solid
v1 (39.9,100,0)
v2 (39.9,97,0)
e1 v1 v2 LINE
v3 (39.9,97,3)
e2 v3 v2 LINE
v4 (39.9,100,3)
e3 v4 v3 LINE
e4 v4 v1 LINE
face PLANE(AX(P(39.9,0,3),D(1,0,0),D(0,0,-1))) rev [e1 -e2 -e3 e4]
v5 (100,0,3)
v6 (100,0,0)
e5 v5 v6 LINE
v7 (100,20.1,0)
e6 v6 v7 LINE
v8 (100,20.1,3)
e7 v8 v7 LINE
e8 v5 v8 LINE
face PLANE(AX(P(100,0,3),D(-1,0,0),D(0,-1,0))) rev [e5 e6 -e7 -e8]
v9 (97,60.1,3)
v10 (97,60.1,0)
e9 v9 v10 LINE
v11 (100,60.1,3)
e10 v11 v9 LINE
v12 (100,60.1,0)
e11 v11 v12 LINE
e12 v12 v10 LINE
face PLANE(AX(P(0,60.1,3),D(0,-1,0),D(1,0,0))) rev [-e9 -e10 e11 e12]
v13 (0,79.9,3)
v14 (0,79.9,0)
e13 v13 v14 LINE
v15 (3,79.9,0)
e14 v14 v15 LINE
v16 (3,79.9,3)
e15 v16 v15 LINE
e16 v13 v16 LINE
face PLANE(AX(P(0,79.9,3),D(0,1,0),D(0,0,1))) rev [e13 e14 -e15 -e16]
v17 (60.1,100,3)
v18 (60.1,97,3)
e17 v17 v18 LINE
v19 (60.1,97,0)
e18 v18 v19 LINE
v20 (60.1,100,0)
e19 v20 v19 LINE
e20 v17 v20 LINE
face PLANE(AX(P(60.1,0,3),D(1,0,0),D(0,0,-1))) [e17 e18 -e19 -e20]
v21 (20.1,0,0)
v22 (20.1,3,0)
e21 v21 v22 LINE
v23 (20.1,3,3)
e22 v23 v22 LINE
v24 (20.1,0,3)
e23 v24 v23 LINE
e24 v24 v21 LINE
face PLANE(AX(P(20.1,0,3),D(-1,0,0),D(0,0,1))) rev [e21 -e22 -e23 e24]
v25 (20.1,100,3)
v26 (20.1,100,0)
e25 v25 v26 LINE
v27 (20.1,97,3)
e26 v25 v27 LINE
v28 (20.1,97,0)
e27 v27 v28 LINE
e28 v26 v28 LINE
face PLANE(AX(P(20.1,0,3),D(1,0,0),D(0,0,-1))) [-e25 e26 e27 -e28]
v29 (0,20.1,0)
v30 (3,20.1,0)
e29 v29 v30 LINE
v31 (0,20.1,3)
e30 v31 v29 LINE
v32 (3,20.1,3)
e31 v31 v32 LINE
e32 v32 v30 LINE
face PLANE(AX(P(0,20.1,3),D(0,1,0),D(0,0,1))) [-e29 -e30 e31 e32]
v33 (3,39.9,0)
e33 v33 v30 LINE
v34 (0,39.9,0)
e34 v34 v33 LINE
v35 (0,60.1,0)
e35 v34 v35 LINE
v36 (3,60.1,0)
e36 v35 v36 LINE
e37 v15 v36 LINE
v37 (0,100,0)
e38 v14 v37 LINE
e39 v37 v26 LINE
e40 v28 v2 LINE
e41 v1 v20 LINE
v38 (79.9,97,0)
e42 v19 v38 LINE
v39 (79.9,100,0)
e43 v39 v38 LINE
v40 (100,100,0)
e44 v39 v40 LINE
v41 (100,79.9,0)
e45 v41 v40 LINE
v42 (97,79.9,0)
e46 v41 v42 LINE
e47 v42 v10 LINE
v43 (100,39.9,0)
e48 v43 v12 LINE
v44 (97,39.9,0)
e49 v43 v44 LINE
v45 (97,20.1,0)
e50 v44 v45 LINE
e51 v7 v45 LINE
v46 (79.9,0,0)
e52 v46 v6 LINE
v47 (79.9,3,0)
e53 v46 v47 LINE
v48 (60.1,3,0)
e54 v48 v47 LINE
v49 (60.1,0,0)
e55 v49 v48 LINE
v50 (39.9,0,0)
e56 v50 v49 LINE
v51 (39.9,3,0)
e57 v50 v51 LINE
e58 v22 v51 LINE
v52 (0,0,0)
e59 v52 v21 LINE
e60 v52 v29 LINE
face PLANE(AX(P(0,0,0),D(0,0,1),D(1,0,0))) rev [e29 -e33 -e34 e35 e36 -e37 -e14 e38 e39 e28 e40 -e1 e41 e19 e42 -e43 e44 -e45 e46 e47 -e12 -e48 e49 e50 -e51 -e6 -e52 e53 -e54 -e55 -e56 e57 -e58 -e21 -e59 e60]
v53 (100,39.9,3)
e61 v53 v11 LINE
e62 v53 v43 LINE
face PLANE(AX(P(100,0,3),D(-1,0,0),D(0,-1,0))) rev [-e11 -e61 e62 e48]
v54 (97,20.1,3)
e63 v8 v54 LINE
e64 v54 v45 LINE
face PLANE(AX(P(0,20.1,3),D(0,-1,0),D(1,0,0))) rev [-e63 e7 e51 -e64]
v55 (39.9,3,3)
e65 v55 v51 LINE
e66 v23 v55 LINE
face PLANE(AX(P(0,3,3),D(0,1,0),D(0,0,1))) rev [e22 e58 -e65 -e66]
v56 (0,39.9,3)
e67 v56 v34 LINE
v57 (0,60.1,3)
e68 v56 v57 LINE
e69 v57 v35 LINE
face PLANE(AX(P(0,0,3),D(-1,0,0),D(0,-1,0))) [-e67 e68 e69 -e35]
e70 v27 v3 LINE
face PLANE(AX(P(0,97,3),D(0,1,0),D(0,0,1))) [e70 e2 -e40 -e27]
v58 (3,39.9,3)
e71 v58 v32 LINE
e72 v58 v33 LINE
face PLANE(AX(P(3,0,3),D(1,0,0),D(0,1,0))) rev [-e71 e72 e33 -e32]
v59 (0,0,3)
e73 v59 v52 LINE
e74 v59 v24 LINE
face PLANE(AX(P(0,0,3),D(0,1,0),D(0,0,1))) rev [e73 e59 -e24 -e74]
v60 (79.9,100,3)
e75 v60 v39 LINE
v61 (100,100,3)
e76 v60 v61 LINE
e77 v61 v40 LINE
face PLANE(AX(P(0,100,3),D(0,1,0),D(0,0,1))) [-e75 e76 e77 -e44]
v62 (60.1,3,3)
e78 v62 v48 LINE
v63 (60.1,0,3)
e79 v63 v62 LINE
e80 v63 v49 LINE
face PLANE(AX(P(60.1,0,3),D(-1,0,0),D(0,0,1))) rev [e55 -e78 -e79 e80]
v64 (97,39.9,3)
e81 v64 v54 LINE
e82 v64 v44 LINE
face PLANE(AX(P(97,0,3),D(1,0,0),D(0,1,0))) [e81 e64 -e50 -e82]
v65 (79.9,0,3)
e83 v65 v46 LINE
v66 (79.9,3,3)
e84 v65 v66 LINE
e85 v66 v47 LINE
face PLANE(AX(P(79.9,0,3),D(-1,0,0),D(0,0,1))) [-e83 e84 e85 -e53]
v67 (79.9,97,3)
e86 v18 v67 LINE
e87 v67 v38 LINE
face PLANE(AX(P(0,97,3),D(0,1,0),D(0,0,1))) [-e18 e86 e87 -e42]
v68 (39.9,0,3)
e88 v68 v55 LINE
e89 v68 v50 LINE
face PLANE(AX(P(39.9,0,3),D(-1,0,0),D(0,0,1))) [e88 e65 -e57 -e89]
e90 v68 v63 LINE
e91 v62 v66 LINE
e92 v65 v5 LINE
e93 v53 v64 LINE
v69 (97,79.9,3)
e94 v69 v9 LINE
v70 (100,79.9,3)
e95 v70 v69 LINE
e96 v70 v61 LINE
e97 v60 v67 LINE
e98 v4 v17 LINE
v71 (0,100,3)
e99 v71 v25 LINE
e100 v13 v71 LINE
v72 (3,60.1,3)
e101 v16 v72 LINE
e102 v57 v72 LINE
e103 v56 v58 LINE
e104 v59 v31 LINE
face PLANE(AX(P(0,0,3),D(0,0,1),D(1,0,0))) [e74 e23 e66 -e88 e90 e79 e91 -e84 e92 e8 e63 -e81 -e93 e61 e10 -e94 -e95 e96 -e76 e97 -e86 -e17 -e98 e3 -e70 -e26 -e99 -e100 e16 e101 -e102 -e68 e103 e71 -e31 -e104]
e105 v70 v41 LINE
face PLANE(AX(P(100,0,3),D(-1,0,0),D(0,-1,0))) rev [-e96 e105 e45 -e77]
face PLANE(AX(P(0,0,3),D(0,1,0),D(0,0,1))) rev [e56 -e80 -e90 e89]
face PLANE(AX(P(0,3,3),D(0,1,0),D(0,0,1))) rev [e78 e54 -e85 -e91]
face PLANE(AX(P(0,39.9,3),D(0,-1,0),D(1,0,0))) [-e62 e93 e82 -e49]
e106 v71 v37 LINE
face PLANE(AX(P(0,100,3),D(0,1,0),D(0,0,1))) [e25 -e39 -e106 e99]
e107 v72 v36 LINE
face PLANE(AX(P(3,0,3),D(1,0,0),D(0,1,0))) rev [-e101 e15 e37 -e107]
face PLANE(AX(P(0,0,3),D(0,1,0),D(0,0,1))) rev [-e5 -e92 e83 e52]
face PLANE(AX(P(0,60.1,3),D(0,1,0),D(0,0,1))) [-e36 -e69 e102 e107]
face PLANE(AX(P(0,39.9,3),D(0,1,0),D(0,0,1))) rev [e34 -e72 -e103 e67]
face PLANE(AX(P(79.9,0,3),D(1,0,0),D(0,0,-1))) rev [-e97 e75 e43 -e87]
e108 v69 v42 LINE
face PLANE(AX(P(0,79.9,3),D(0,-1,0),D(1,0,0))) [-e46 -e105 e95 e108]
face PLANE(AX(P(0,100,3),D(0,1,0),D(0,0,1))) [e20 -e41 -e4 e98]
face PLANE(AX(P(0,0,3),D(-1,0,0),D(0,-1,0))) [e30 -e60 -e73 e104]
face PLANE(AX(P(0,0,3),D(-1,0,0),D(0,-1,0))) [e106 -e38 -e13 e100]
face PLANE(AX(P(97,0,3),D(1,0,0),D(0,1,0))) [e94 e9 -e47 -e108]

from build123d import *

# Parameters (mm, degrees)
BOSS_EXTRUDE1_DEPTH = 3


with BuildPart() as part:
    # Sketch1 → Boss-Extrude1 (new body)
    with BuildSketch(Plane.XY):
        Polygon((60.1, 97), (60.1, 100), (39.9, 100), (39.9, 97), (20.1, 97), (20.1, 100), (0, 100), (0, 79.9), (3, 79.9), (3, 60.1), (0, 60.1), (0, 39.9), (3, 39.9), (3, 20.1), (0, 20.1), (0, 0), (20.1, 0), (20.1, 3), (39.9, 3), (39.9, 0), (60.1, 0), (60.1, 3), (79.9, 3), (79.9, 0), (100, 0), (100, 20.1), (97, 20.1), (97, 39.9), (100, 39.9), (100, 60.1), (97, 60.1), (97, 79.9), (100, 79.9), (100, 100), (79.9, 100), (79.9, 97), align=None)
    extrude(amount=BOSS_EXTRUDE1_DEPTH)


solid = part.part
